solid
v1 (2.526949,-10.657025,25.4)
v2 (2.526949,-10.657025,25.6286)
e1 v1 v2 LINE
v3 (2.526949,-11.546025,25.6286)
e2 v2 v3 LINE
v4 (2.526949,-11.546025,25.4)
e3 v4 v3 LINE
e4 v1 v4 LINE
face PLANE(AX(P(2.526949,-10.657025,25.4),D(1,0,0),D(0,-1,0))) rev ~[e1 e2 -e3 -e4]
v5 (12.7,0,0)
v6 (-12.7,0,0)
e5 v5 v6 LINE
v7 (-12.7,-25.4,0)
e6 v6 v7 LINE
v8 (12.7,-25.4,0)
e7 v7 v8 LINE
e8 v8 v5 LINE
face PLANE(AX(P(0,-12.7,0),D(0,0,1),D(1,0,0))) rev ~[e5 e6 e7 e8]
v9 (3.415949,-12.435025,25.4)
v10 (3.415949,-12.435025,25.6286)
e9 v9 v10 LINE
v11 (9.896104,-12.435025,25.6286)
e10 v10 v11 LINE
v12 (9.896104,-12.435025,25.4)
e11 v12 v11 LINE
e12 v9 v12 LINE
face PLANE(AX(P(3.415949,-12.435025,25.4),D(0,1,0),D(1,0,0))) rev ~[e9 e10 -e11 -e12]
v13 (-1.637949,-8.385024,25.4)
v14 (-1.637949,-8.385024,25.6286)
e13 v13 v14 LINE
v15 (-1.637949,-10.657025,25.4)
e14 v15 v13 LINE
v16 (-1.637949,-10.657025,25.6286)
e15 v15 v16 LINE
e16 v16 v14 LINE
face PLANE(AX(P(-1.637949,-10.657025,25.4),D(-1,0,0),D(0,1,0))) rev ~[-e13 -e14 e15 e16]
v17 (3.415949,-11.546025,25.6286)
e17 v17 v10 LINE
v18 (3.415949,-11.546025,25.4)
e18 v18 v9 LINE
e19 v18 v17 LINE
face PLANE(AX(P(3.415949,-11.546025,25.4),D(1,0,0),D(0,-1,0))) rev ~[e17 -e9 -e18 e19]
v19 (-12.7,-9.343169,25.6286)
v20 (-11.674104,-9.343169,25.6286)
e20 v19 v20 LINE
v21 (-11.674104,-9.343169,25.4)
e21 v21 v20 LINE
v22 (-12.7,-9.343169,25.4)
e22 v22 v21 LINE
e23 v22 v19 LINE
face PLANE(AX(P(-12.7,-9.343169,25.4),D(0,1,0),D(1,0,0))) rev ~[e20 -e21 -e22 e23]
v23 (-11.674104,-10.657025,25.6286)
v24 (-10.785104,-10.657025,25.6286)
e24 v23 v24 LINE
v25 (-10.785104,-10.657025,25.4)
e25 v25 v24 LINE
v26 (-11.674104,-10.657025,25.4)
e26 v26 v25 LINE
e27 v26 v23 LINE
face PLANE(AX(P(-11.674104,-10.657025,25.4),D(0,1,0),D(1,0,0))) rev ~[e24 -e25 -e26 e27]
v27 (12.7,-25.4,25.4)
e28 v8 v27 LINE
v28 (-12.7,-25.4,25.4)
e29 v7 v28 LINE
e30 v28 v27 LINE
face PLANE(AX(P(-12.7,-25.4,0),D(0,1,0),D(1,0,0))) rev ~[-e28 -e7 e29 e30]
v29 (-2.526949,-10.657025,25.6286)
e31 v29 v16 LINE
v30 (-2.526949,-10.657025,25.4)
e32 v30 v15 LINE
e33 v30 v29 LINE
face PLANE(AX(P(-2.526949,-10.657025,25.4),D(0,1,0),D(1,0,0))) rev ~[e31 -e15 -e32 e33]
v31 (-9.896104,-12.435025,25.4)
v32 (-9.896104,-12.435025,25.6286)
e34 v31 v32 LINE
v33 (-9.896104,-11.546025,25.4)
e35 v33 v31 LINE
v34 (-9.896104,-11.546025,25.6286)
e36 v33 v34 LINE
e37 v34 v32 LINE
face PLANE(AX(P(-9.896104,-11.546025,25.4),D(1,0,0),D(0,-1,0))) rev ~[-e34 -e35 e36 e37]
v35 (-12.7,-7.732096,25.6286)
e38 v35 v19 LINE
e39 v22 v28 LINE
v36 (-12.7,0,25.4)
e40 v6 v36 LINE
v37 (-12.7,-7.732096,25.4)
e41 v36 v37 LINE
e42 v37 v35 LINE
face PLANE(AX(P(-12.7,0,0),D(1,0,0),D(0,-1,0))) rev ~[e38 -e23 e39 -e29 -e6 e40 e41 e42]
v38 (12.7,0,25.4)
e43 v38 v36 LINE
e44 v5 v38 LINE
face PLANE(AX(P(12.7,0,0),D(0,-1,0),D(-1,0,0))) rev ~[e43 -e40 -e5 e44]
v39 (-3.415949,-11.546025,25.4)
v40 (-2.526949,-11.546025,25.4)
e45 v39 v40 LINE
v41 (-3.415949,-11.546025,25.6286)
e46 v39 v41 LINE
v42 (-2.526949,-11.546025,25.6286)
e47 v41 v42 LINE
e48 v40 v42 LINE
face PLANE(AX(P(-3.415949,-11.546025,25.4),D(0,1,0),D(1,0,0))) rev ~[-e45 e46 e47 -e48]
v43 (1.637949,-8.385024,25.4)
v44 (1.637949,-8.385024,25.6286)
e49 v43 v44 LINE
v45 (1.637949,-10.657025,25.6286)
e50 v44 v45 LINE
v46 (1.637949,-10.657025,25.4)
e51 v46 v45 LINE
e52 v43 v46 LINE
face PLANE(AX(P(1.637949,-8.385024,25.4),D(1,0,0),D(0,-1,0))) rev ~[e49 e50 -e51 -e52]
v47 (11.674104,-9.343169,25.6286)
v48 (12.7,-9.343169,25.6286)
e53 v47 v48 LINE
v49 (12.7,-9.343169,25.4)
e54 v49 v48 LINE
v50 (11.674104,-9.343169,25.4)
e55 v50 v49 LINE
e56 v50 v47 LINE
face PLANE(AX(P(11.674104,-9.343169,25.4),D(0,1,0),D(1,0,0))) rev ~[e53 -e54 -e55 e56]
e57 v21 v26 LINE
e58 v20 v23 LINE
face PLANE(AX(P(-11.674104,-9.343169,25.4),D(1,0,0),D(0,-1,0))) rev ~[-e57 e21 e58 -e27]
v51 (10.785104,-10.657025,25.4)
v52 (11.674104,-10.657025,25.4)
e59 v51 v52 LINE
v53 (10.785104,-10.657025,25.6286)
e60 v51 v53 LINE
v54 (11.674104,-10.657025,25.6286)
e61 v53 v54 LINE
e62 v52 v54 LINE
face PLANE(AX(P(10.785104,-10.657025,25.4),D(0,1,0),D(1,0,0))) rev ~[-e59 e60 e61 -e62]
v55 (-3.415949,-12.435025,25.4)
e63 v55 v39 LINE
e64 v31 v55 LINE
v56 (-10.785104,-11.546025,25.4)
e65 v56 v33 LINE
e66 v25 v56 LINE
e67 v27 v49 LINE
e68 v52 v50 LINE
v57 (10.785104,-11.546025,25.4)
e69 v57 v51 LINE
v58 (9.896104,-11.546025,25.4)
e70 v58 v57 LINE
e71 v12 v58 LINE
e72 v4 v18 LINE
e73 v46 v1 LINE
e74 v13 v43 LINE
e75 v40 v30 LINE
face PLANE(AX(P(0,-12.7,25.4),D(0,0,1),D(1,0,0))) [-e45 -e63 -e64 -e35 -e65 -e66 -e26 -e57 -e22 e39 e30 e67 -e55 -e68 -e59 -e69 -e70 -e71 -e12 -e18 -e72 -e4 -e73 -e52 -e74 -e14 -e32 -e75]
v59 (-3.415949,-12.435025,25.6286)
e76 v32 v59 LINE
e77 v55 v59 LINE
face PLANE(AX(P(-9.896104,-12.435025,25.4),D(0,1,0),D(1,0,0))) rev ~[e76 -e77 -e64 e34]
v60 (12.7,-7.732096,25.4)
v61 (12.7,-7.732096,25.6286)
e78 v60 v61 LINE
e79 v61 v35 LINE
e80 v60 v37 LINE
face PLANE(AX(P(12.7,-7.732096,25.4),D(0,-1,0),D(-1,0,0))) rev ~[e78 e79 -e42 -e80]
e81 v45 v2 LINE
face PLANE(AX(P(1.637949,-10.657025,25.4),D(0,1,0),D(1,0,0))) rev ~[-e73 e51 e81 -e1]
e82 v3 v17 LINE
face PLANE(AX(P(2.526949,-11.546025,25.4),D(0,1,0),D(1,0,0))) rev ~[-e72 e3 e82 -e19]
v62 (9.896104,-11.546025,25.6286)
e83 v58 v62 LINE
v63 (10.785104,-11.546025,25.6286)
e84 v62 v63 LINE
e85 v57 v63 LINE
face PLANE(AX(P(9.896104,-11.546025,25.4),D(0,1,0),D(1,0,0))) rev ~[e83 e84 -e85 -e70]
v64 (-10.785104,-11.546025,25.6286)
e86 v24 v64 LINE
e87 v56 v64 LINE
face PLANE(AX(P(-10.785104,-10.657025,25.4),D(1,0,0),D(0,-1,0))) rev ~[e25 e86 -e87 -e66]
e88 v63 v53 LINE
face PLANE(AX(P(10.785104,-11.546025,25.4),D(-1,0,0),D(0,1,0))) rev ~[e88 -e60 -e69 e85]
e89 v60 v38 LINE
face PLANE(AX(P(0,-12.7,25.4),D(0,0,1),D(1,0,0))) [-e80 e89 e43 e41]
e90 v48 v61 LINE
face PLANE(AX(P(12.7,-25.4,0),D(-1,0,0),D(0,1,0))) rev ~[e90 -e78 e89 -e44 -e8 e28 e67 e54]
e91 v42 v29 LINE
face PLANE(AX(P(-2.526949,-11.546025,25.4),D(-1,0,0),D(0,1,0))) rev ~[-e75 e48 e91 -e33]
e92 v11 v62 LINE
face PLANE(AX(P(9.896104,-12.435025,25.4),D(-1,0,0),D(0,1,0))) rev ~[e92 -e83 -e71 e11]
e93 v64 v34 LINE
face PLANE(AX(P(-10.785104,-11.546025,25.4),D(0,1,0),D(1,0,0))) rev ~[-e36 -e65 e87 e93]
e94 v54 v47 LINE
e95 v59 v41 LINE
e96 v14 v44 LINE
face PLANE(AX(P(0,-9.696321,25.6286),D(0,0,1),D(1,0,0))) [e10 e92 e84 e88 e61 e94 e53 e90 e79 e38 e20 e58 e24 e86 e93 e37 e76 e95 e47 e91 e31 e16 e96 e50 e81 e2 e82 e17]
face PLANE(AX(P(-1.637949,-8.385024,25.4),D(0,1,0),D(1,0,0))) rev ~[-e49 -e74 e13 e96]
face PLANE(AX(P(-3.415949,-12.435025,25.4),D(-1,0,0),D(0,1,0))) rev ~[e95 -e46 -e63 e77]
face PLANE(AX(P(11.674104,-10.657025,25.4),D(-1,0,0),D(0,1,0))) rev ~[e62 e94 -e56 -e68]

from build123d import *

# Parameters (mm, degrees)
F1_DEPTH = 25.4
F3_DEPTH = 0.2286


with BuildPart() as f1:
    # F0 (on Top) → F1 (new body)
    with BuildSketch(Plane.XY):
        Polygon((12.7, 0), (0, 0), (-12.7, 0), (-12.7, -8.613591), (-12.7, -11.652172), (-12.7, -25.4), (12.7, -25.4), (12.7, -11.652172), (12.7, -8.613591), align=None)
    extrude(amount=F1_DEPTH)

    # F2 (on face) → F3 (join)
    with BuildSketch(Plane.XY.offset(25.4)):
        Polygon((-9.396807, -7.732096), (-12.7, -7.732096), (-12.7, -9.343169), (-11.674104, -9.343169), (-11.674104, -10.657025), (-10.785104, -10.657025), (-10.785104, -10.954242), (-10.785104, -11.546025), (-9.896104, -11.546025), (-9.896104, -12.435025), (-3.415949, -12.435025), (-3.415949, -11.546025), (-2.526949, -11.546025), (-2.526949, -10.954242), (-2.526949, -10.657025), (-1.637949, -10.657025), (-1.637949, -8.385024), (1.637949, -8.385024), (1.637949, -10.657025), (2.526949, -10.657025), (2.526949, -10.954242), (2.526949, -11.546025), (3.415949, -11.546025), (3.415949, -12.435025), (9.896104, -12.435025), (9.896104, -11.546025), (10.785104, -11.546025), (10.785104, -10.954242), (10.785104, -10.657025), (11.674104, -10.657025), (11.674104, -9.343169), (12.7, -9.343169), (12.7, -7.732096), (2.526949, -7.732096), (-2.526949, -7.732096), (-6.235457, -7.732096), align=None)
    extrude(amount=F3_DEPTH)


solid = f1.part
